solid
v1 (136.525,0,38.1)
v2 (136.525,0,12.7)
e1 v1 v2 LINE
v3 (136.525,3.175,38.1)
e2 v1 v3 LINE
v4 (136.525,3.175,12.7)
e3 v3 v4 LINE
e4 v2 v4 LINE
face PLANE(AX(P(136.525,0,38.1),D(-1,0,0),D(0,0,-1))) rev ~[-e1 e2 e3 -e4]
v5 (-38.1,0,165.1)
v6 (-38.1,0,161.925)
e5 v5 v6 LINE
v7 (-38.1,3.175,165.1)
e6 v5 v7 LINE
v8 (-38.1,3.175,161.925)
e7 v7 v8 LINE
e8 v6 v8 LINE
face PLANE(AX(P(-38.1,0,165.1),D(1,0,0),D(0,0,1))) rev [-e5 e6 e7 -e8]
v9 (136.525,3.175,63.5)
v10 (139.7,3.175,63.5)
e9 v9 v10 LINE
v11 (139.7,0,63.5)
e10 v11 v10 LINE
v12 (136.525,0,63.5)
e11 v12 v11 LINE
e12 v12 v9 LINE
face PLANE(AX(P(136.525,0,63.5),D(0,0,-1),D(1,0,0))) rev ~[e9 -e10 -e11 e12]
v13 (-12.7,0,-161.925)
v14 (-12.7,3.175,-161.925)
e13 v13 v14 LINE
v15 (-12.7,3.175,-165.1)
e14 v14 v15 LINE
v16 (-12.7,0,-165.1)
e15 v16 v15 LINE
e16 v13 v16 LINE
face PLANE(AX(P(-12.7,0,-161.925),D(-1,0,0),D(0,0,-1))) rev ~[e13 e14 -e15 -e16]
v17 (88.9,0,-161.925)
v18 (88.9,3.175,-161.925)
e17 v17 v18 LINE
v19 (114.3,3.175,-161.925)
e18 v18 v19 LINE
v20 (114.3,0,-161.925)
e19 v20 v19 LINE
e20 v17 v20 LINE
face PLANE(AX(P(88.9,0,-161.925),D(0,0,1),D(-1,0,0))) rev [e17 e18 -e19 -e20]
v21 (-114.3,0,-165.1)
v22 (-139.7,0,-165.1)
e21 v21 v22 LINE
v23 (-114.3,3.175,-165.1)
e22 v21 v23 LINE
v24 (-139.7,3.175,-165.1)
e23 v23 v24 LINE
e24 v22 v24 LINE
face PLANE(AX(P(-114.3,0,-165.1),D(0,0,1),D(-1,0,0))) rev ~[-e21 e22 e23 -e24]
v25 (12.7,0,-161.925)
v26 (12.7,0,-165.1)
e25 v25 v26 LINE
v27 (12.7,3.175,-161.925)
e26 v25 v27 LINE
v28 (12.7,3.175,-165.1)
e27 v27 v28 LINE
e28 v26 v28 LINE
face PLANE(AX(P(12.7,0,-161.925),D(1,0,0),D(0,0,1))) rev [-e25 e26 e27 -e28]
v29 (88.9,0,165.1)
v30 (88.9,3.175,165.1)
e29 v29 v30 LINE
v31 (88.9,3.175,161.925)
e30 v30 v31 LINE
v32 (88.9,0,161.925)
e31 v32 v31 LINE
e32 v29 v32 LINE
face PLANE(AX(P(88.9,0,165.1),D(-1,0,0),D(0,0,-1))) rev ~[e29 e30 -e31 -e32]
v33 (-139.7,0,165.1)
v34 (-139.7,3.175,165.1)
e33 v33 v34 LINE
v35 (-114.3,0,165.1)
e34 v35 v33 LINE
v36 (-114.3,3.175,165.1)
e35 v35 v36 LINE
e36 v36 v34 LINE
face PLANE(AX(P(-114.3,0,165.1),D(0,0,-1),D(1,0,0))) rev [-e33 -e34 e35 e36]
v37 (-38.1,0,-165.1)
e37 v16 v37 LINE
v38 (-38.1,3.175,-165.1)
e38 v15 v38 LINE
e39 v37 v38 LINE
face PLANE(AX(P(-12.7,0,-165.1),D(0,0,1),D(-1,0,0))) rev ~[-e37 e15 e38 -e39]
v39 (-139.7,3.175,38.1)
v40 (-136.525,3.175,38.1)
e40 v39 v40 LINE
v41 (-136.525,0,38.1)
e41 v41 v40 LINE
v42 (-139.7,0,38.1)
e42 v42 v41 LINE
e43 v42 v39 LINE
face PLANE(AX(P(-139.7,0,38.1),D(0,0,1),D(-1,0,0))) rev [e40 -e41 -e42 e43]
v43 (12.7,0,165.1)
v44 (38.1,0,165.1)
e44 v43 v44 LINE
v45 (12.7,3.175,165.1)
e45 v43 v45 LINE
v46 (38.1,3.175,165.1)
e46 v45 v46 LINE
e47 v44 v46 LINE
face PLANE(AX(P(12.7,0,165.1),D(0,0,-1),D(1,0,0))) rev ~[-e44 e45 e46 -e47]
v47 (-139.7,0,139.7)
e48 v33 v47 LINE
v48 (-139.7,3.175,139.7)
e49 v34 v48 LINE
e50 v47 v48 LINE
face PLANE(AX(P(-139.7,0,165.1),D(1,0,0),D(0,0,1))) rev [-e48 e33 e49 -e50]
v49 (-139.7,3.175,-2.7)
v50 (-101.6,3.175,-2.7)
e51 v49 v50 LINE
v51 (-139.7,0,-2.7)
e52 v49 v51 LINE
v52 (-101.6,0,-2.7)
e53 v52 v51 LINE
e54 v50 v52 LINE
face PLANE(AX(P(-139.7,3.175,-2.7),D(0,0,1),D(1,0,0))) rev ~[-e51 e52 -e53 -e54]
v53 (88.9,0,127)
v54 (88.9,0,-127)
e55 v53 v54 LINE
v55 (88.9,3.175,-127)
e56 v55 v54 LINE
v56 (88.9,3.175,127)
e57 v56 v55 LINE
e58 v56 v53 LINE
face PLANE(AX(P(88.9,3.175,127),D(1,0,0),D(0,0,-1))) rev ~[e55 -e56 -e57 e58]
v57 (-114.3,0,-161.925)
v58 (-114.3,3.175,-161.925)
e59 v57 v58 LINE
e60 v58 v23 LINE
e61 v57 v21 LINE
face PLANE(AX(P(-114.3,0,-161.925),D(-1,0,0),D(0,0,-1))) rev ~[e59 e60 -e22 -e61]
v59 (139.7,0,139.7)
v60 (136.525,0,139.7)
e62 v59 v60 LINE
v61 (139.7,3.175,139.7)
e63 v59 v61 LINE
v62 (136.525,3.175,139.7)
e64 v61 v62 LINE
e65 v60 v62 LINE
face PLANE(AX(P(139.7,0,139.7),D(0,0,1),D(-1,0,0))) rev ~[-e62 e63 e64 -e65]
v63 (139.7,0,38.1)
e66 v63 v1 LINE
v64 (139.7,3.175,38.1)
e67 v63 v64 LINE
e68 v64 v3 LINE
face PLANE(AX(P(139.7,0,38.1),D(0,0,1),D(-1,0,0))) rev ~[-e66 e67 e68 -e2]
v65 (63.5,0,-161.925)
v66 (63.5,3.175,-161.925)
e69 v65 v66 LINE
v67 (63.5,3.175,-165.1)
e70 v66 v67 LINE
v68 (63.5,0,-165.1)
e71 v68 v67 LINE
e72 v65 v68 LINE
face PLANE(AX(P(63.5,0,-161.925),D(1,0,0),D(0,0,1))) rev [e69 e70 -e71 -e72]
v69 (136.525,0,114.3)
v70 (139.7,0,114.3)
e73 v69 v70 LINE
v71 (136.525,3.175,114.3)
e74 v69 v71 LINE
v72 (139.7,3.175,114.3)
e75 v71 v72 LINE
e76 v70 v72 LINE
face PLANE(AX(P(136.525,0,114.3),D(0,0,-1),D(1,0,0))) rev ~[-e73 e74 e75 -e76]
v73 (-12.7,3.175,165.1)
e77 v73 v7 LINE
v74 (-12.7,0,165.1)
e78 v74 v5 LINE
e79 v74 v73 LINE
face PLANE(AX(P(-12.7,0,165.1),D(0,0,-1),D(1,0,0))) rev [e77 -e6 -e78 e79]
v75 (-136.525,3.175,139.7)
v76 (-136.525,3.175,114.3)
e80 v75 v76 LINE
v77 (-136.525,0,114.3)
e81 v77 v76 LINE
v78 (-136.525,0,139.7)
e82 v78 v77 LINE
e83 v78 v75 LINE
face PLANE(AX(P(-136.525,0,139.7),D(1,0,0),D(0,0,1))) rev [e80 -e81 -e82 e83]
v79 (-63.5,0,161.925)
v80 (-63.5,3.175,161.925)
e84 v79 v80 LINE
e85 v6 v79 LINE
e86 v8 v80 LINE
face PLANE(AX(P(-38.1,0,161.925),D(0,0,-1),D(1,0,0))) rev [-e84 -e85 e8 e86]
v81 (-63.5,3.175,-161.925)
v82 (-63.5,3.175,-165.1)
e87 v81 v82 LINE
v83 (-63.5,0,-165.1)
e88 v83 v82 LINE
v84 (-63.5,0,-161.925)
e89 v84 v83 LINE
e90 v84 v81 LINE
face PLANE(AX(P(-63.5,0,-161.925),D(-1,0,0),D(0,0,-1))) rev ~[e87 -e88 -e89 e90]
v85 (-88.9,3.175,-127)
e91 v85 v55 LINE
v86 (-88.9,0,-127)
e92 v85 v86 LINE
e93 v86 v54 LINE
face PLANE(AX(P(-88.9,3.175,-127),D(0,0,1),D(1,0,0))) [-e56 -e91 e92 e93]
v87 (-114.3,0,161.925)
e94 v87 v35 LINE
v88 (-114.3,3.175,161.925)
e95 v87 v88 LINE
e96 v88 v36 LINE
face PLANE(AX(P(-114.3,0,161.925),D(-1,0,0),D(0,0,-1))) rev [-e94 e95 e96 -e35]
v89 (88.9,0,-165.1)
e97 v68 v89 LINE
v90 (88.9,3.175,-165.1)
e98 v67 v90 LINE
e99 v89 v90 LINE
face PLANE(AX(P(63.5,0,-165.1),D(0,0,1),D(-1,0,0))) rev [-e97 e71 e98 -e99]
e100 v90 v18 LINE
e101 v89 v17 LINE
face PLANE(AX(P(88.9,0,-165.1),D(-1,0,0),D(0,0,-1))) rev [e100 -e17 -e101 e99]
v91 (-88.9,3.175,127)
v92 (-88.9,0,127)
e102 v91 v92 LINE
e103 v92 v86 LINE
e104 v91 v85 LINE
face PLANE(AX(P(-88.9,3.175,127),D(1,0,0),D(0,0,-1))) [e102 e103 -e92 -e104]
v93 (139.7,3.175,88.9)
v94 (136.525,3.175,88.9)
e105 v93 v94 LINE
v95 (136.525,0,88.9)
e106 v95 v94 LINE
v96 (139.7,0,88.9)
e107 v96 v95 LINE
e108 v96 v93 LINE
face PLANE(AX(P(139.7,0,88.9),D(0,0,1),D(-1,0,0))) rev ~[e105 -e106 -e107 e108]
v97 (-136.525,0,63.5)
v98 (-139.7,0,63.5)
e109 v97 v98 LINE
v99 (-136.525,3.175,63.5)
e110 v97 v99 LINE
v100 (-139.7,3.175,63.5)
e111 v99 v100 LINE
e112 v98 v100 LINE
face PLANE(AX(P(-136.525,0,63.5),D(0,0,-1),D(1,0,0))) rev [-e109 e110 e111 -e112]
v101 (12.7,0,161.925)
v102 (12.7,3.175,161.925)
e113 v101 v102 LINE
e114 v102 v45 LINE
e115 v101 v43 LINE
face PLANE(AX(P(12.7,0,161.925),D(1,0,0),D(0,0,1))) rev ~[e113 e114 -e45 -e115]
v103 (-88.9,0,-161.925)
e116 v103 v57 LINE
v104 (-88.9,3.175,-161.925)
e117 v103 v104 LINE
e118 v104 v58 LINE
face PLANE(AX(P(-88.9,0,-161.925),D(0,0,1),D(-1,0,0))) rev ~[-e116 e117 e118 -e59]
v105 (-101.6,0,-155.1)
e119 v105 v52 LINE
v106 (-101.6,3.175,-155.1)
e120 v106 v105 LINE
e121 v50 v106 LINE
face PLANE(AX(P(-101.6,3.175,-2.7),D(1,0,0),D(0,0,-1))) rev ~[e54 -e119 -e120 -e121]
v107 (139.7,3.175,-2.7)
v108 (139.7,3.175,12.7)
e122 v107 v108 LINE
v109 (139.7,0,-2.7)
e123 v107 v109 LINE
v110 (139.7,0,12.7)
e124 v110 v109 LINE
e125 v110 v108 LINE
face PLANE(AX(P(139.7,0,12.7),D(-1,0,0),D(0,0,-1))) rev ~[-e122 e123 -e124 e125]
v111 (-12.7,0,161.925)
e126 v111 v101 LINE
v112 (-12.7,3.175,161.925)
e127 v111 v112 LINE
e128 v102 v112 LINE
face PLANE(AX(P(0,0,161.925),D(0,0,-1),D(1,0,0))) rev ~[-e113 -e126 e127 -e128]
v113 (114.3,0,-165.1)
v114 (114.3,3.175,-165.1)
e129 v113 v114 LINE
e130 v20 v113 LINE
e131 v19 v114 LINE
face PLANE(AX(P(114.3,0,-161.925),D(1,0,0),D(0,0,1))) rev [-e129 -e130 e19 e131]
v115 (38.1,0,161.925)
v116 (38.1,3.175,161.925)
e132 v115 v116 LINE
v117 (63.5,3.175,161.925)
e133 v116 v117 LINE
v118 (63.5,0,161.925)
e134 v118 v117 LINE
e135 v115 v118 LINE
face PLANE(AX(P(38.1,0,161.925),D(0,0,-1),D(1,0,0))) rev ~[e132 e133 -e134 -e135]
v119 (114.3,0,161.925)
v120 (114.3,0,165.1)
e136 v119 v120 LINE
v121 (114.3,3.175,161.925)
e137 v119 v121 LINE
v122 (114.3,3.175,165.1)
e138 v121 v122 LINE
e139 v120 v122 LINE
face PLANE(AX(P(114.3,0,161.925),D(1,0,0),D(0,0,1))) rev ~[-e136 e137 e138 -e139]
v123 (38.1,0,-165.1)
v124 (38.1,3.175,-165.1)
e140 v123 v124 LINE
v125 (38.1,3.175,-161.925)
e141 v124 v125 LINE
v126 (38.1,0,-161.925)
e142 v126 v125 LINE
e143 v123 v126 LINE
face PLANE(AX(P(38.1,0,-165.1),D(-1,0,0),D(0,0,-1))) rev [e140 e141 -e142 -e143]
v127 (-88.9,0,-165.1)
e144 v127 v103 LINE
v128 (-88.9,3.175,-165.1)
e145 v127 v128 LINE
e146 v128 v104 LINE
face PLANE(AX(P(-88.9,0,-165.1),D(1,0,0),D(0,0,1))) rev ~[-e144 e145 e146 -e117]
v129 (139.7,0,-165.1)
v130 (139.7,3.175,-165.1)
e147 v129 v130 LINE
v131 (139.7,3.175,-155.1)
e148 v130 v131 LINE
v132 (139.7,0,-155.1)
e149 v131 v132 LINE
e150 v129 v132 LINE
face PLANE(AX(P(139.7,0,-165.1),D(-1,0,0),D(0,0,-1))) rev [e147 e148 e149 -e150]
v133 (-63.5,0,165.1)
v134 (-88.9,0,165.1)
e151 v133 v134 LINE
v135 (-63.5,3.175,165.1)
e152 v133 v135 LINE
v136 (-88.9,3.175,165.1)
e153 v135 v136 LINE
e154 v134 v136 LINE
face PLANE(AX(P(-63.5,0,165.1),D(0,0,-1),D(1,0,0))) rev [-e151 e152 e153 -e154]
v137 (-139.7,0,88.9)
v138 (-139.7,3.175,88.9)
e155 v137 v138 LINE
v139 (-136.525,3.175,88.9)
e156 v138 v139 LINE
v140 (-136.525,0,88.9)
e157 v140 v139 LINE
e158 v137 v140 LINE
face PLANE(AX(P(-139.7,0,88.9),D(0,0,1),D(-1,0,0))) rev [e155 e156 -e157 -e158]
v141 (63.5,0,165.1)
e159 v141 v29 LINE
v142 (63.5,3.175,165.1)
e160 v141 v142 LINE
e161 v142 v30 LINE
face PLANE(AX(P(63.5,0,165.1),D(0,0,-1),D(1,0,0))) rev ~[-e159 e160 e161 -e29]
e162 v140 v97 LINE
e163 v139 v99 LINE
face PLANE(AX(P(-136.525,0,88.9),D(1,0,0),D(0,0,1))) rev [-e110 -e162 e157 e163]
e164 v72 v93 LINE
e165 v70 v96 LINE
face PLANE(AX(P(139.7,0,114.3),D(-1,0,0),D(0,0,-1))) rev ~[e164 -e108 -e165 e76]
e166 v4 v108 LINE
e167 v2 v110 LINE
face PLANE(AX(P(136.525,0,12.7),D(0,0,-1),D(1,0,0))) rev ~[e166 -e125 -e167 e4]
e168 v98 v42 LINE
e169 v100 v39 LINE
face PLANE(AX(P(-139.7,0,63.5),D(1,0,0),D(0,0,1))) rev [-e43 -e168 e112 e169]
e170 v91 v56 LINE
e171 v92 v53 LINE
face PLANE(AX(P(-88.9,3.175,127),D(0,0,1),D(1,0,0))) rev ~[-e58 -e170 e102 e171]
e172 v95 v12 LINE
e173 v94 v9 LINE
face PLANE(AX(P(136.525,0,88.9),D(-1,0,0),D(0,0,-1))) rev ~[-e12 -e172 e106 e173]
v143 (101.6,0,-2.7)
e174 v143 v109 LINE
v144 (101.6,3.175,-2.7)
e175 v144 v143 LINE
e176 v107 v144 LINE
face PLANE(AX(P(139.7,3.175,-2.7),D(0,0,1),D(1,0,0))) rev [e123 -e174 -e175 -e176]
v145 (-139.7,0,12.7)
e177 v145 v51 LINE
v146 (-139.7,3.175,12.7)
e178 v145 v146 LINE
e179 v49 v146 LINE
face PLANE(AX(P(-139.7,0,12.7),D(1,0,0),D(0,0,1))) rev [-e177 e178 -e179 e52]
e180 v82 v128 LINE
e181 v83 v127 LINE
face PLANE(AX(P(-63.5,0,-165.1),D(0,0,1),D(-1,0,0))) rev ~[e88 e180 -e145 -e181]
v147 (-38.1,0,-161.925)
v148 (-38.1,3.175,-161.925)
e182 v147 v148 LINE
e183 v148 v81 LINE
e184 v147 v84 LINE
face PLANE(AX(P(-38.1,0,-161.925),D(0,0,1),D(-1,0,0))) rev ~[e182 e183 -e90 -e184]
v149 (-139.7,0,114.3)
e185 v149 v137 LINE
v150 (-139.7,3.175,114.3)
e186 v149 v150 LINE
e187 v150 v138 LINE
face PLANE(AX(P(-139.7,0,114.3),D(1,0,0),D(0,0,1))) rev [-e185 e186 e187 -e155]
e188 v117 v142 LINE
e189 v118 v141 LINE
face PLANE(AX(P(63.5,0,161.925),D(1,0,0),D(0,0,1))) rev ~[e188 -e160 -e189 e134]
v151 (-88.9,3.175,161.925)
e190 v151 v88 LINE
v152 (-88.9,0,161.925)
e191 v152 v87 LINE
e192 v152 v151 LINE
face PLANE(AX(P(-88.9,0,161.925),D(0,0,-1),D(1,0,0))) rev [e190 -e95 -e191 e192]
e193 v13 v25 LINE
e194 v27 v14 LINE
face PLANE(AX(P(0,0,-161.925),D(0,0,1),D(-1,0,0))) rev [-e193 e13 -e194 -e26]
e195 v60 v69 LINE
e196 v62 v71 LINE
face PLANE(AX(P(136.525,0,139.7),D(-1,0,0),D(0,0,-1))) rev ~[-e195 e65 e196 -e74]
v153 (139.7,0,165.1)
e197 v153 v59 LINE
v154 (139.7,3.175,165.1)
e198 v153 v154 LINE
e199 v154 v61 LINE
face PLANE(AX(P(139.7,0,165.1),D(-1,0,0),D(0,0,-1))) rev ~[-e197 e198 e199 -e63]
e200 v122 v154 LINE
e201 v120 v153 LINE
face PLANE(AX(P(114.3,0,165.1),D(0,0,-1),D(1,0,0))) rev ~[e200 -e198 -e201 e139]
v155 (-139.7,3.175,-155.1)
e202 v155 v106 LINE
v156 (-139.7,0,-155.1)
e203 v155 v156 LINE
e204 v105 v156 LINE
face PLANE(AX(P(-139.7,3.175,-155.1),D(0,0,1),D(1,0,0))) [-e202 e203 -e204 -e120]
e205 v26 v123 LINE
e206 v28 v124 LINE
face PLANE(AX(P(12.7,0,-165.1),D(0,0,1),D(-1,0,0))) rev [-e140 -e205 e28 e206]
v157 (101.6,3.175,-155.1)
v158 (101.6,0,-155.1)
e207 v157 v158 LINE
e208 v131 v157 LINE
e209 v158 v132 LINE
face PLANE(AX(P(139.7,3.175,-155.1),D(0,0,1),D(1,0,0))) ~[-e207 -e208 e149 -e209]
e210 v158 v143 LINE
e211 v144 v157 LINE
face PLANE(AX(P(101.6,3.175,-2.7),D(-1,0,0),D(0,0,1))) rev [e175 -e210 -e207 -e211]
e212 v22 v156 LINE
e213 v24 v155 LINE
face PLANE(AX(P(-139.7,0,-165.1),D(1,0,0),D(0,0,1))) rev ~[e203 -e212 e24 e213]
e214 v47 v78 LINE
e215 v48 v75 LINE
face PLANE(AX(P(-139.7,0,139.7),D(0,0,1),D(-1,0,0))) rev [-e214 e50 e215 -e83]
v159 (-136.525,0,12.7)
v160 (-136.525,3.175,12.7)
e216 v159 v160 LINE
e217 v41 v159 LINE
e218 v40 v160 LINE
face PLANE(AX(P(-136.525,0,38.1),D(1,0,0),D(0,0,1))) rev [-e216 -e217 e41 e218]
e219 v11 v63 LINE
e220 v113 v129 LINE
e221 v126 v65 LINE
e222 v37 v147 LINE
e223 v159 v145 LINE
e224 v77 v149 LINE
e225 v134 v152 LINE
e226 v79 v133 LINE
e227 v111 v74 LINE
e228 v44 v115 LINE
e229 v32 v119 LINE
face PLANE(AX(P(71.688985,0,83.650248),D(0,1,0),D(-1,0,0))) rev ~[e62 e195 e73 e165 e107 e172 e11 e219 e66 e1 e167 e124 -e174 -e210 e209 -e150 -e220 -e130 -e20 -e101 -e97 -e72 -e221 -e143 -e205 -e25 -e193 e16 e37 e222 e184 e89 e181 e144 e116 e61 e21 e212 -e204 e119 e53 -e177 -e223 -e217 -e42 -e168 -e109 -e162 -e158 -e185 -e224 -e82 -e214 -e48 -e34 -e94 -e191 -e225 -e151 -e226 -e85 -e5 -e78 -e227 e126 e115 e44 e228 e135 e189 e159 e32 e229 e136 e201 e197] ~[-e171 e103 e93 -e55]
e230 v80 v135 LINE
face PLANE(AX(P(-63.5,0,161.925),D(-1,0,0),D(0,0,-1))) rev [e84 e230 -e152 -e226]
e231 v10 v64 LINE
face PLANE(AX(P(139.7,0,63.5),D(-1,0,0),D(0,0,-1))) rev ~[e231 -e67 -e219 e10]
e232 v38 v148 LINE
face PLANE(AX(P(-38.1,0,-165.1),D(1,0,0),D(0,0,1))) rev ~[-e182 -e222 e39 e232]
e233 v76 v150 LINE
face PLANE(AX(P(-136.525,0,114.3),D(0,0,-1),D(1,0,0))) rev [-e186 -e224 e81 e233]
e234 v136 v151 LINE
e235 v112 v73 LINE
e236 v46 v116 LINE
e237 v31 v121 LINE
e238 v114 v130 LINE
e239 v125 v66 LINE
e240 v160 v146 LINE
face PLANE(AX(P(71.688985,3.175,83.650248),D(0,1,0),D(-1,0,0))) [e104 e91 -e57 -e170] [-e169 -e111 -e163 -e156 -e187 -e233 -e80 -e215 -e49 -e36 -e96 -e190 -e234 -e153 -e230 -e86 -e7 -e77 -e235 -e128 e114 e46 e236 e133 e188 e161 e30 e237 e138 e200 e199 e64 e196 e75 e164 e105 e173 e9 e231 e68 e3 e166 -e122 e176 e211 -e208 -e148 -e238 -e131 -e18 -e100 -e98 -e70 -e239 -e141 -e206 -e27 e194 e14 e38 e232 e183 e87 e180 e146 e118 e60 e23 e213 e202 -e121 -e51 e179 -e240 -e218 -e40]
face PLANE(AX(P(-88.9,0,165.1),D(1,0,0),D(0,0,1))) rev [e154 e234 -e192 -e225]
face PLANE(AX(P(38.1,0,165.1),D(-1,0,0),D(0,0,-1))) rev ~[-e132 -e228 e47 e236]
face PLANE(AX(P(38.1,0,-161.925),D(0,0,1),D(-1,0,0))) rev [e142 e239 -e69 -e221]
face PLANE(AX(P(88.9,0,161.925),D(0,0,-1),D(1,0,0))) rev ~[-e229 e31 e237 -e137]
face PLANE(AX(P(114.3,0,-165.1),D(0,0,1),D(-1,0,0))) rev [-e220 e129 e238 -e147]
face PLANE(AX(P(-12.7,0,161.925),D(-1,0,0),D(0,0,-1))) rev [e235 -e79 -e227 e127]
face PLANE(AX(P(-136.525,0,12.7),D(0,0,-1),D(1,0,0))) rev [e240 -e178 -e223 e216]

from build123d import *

# Parameters (mm, degrees)
BOSS_EXTRUDE1_DEPTH     = 3.175
SKETCH4_W               = 38.1
SKETCH4_H               = 152.4
CUT_EXTRUDE2_DEPTH      = 1
CUT_EXTRUDE2_DEPTH_BACK = 4.175
SKETCH2_W               = 177.8
SKETCH2_H               = 254
CUT_EXTRUDE1_DEPTH      = 1
CUT_EXTRUDE1_DEPTH_BACK = 4.175


with BuildPart() as part:
    # Sketch1 → Boss-Extrude1 (new body)
    with BuildSketch(Plane(origin=(0, 0, 0), x_dir=(1, 0, 0), z_dir=(0, 1, 0))):
        Polygon((-139.7, 0), (0, 0), (0, 161.925), (-12.7, 161.925), (-12.7, 165.1), (-38.1, 165.1), (-38.1, 161.925), (-63.5, 161.925), (-63.5, 165.1), (-88.9, 165.1), (-88.9, 161.925), (-114.3, 161.925), (-114.3, 165.1), (-139.7, 165.1), (-139.7, 139.7), (-136.525, 139.7), (-136.525, 114.3), (-139.7, 114.3), (-139.7, 88.9), (-136.525, 88.9), (-136.525, 63.5), (-139.7, 63.5), (-139.7, 38.1), (-136.525, 38.1), (-136.525, 12.7), (-139.7, 12.7), align=None)
    extrude(amount=BOSS_EXTRUDE1_DEPTH)

    # Mirror1: part across plane


with BuildPart() as part_1:
    add(part.part)
    add(part.part.mirror(Plane(origin=(-139.7, 3.175, 0), x_dir=(1, 0, 0), z_dir=(0, 0, -1))))

    # Sketch4 → Cut-Extrude2 (cut, two sides)
    with BuildSketch(Plane(origin=(0, 3.175, 0), x_dir=(1, 0, 0), z_dir=(0, 1, 0))) as cut_extrude2_sk:
        with Locations((-120.65, 78.9)):
            Rectangle(SKETCH4_W, SKETCH4_H)
    extrude(amount=CUT_EXTRUDE2_DEPTH, mode=Mode.SUBTRACT)
    extrude(cut_extrude2_sk.sketch, amount=-CUT_EXTRUDE2_DEPTH_BACK, mode=Mode.SUBTRACT)

    # Mirror2: part across plane


with BuildPart() as part_2:
    add(part_1.part)
    add(part_1.part.mirror(Plane(origin=(0, 3.175, 0), x_dir=(0, 0, 1), z_dir=(-1, 0, 0))))

    # Sketch2 → Cut-Extrude1 (cut, two sides)
    with BuildSketch(Plane(origin=(0, 3.175, 0), x_dir=(1, 0, 0), z_dir=(0, 1, 0))) as cut_extrude1_sk:
        Rectangle(SKETCH2_W, SKETCH2_H)
    extrude(amount=CUT_EXTRUDE1_DEPTH, mode=Mode.SUBTRACT)
    extrude(cut_extrude1_sk.sketch, amount=-CUT_EXTRUDE1_DEPTH_BACK, mode=Mode.SUBTRACT)


solid = part_2.part
